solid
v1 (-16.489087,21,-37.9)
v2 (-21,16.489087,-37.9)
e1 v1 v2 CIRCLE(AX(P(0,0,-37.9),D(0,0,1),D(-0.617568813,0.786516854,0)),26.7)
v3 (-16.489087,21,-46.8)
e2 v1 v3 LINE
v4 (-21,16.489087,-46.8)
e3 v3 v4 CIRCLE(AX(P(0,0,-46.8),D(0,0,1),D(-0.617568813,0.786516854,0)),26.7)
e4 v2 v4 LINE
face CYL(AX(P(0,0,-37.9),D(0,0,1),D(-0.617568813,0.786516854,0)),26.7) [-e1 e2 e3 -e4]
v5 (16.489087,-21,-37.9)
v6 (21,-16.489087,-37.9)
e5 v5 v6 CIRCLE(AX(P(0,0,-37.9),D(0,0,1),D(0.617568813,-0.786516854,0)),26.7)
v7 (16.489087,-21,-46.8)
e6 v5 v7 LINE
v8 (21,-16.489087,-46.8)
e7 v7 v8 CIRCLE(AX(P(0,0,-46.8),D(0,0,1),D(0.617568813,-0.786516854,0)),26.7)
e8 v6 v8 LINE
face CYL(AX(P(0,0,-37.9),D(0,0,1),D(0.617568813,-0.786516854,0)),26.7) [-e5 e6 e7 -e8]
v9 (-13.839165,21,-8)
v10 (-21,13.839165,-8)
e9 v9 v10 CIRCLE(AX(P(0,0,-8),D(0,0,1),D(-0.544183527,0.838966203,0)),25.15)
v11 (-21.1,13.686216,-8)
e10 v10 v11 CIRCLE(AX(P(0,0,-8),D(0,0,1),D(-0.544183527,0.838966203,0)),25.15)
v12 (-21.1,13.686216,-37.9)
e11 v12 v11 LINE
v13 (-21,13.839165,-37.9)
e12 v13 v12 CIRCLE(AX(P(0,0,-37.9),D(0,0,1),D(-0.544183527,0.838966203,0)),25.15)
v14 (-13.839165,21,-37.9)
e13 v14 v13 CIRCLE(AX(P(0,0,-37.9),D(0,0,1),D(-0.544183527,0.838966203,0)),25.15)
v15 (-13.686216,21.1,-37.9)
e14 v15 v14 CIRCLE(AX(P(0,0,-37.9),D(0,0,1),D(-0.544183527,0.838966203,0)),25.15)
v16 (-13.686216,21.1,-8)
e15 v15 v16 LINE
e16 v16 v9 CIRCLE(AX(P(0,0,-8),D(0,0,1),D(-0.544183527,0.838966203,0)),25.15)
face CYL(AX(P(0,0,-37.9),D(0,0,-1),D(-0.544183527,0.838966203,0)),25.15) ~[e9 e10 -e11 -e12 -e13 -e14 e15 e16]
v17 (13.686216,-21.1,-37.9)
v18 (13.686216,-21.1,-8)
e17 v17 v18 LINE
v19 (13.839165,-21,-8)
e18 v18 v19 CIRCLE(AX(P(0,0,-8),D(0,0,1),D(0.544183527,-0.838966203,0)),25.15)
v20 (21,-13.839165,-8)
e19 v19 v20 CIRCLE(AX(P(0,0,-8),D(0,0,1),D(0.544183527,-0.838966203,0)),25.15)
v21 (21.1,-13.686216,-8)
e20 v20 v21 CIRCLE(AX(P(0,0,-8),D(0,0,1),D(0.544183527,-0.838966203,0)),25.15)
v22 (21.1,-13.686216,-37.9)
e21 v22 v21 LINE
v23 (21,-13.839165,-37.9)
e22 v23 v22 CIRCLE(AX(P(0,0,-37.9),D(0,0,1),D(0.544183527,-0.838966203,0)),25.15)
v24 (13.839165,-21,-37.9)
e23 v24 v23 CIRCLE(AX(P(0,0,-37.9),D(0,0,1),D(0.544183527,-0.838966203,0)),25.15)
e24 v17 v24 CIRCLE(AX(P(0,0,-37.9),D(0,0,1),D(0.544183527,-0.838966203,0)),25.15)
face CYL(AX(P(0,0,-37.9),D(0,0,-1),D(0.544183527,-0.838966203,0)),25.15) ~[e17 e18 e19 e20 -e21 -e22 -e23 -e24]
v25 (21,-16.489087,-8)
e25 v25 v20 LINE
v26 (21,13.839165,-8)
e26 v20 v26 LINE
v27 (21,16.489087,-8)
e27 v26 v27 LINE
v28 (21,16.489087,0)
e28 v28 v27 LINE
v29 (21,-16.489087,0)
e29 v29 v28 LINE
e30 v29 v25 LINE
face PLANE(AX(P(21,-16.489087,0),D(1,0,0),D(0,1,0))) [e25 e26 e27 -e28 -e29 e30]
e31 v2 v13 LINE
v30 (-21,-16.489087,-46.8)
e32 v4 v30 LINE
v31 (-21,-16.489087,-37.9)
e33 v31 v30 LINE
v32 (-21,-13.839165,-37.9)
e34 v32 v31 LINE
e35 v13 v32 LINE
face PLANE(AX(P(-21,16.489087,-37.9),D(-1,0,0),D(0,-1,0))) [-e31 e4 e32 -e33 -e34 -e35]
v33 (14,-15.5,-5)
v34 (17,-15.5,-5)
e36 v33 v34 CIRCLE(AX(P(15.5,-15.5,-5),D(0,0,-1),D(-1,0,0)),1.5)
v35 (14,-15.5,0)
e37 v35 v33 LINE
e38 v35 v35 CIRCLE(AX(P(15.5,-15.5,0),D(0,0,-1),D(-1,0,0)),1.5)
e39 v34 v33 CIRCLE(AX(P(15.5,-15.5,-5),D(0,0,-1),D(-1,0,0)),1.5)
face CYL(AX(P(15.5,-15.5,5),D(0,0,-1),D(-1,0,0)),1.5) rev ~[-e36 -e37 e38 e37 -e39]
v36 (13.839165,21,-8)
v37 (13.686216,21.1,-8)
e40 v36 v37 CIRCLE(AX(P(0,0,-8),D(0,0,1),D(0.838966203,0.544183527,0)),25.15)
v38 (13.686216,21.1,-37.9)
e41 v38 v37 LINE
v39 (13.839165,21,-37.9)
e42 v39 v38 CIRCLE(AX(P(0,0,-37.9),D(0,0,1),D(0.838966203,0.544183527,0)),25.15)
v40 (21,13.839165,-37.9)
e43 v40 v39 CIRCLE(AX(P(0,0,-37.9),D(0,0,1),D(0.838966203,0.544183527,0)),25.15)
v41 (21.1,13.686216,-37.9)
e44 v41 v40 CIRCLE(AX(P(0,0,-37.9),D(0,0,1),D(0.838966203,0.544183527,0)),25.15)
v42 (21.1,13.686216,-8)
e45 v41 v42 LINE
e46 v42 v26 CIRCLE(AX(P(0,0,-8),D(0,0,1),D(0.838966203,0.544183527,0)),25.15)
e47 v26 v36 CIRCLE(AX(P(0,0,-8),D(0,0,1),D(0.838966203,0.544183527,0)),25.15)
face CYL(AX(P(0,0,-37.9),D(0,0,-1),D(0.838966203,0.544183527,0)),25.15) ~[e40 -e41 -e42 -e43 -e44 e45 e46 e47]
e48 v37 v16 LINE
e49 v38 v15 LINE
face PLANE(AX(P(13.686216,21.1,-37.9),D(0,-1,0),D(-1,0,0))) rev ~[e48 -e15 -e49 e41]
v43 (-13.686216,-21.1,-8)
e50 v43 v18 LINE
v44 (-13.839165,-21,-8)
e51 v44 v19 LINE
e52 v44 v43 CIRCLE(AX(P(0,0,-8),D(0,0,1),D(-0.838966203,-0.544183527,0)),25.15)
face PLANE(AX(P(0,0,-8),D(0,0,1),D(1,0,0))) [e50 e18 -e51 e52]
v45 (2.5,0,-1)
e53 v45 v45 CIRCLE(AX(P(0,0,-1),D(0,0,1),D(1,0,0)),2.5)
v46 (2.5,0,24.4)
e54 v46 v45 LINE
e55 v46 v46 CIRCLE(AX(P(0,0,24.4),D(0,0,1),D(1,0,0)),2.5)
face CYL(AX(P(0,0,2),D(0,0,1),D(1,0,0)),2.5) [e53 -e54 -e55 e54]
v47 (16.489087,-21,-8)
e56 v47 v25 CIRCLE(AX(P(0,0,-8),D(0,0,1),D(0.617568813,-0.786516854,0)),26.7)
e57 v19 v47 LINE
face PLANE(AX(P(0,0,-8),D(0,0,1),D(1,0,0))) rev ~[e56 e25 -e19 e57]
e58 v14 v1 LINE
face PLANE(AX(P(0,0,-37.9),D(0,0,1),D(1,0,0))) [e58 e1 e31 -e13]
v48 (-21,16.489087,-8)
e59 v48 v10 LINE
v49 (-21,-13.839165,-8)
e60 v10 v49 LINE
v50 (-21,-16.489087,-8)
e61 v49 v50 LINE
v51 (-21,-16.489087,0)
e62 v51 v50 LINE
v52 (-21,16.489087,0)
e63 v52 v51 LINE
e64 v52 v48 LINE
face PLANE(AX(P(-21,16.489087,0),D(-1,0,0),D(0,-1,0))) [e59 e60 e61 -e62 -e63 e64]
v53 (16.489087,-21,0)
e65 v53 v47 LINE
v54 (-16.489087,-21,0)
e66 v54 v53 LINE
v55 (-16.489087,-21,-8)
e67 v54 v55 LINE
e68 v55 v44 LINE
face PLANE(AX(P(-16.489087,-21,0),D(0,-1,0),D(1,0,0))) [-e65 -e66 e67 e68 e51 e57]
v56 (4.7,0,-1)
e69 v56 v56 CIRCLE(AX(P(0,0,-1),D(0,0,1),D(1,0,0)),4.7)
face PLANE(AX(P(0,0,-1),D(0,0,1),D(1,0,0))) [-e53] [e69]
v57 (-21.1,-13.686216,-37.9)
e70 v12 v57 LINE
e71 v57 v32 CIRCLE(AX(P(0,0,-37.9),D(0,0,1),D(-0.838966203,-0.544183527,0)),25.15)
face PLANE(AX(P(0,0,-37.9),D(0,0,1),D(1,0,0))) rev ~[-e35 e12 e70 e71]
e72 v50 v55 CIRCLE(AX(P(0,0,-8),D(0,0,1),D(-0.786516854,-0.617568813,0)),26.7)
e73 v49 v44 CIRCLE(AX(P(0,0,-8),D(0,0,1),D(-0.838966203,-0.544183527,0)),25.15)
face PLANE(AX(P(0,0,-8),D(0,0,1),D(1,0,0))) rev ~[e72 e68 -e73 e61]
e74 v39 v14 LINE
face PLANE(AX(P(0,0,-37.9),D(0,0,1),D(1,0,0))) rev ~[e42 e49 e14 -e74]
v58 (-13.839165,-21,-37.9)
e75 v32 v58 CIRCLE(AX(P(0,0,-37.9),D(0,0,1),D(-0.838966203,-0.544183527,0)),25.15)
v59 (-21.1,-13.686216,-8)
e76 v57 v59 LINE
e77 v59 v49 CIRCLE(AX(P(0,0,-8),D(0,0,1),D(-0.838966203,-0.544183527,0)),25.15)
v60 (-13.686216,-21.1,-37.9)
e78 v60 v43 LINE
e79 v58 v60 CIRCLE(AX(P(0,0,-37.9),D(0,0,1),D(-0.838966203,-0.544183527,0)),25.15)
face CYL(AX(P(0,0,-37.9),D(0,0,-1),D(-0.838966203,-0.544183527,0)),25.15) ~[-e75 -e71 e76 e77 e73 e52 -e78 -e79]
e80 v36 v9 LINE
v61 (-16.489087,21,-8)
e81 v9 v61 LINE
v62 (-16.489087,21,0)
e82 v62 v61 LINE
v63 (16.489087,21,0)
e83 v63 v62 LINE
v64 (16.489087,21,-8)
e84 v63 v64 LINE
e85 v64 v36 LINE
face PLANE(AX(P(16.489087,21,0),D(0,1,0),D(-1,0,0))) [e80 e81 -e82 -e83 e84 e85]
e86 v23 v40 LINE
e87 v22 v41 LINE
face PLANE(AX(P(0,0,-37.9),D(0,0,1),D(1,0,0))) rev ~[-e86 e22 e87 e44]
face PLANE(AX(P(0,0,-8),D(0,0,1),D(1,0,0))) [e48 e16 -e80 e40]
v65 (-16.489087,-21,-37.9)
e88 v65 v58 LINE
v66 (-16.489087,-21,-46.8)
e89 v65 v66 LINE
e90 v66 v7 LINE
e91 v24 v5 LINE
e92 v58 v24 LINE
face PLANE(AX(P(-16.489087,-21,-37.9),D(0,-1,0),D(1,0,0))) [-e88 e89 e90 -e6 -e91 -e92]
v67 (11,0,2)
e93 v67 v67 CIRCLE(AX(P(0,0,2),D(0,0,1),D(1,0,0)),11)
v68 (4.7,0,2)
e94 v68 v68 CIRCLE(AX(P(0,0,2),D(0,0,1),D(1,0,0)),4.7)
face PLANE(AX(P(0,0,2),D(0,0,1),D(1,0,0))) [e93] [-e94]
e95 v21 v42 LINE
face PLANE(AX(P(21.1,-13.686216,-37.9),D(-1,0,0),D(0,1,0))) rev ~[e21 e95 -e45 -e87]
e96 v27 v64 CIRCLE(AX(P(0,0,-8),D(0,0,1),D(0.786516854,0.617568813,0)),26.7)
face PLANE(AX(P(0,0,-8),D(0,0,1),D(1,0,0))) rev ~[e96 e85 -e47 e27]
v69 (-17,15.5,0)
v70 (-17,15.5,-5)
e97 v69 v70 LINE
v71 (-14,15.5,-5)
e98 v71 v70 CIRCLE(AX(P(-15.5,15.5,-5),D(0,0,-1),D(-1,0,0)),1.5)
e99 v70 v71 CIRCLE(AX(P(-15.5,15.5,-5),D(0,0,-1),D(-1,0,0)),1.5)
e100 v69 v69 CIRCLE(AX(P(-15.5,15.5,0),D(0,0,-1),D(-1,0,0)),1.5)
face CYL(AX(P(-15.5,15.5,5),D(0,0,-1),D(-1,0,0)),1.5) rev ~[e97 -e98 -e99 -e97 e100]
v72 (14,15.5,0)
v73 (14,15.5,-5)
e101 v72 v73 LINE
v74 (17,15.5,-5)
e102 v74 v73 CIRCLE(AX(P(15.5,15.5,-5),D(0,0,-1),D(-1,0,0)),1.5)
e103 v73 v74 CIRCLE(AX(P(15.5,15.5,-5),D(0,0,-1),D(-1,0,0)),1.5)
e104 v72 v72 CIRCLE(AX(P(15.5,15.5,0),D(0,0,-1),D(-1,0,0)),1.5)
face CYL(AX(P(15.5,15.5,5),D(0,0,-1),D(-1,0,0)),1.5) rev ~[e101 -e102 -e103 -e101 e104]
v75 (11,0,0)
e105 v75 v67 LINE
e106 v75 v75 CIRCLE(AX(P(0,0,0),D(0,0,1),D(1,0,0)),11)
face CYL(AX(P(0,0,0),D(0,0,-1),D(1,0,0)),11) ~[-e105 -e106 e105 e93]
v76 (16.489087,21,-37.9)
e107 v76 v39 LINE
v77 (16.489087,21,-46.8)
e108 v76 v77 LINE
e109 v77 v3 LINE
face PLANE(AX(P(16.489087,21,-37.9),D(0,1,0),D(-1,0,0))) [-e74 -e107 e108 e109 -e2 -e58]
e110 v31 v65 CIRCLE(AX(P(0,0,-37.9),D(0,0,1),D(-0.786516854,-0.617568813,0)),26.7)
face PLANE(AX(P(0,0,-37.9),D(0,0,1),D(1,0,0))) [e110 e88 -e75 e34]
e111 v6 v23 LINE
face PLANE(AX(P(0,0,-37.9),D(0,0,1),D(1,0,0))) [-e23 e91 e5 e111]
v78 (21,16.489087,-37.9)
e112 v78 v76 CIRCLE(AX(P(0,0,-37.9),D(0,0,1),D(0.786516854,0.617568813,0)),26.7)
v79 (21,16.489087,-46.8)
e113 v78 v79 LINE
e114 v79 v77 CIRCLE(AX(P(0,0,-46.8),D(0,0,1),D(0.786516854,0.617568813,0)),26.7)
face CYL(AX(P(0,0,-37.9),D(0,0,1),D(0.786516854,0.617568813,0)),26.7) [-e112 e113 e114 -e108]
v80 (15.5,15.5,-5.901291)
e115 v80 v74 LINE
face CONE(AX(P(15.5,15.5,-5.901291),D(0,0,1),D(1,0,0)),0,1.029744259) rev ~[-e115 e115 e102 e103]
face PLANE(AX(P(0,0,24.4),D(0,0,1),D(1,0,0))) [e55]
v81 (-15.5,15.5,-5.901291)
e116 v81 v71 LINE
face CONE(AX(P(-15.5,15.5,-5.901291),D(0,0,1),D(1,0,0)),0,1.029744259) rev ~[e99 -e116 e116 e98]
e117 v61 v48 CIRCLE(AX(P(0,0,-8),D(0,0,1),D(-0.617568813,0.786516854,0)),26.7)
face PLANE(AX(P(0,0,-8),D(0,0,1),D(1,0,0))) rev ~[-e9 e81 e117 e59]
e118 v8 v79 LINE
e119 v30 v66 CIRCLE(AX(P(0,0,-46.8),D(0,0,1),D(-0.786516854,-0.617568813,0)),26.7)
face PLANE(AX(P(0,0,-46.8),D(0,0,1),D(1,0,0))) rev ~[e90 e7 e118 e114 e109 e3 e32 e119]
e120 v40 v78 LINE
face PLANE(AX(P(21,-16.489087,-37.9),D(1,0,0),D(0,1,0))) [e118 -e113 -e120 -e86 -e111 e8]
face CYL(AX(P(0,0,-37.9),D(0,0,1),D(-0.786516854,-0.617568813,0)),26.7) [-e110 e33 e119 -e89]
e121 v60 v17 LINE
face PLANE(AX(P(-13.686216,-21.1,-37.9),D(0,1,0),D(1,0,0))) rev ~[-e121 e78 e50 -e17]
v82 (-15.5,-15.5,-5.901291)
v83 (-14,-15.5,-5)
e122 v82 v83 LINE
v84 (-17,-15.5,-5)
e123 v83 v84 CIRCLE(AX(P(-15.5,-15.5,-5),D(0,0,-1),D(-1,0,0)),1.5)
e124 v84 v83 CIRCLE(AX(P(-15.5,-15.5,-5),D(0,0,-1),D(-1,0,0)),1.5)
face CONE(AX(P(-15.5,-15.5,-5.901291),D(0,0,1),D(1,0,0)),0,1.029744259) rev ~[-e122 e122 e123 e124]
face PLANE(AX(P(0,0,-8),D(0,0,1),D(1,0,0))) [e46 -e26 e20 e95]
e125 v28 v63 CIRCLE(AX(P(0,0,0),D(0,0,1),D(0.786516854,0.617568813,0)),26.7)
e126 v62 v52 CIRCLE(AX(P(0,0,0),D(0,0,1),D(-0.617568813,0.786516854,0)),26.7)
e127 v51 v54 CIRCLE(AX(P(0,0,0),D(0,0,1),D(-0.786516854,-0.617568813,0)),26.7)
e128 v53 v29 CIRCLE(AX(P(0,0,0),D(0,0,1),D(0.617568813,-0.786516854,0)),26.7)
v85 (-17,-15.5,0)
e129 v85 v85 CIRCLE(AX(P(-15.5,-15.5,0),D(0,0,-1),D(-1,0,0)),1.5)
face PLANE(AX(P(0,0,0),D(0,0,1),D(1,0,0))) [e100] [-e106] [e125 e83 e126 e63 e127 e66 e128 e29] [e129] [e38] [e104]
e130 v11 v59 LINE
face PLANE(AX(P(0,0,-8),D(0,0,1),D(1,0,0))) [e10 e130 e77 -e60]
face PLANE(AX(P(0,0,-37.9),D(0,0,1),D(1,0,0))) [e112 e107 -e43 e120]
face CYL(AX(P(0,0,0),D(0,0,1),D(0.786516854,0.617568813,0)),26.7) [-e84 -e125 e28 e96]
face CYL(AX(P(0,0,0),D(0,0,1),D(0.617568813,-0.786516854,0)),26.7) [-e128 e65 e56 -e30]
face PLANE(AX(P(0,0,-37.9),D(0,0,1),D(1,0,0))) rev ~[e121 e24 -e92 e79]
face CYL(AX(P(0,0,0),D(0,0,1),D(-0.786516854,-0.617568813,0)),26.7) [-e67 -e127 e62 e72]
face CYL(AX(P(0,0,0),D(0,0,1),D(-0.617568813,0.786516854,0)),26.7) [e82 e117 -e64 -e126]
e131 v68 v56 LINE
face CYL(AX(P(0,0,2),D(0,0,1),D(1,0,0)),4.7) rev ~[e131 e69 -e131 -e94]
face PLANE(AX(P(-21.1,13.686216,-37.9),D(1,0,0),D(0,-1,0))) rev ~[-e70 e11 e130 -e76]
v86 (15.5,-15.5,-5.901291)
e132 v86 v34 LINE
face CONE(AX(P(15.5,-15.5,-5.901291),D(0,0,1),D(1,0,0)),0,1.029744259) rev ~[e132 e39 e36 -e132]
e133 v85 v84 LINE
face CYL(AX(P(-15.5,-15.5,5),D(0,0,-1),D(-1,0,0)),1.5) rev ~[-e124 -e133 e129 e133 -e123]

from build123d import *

# Parameters (mm, degrees)
F3_DEPTH       = 8
F6_DEPTH       = 29.9
F8_DEPTH       = 8.9
F9_R           = 11
F9_R_2         = 4.7
F10_DEPTH      = 2
F11_R          = 2.5
F12_DEPTH      = 22.4
F12_DEPTH_BACK = 10
F11_R_2        = 4.7
F13_DEPTH      = 3
F15_D          = 3
F15_DEPTH      = 5
F15_TIP        = 0.9012909285


with BuildPart() as f3:
    # F1 (on Top) → F3 (new body, through all)
    with BuildSketch(Plane.XY):
        with BuildLine():
            ThreePointArc((21, 16.4890873004), (18.8797510577, 18.8797510577), (16.4890873004, 21))
            Line((16.4890873004, 21), (-16.4890873004, 21))
            ThreePointArc((-16.4890873004, 21), (-18.8797510577, 18.8797510577), (-21, 16.4890873004))
            Line((-21, 16.4890873004), (-21, -16.4890873004))
            ThreePointArc((-21, -16.4890873004), (-18.8797510577, -18.8797510577), (-16.4890873004, -21))
            Line((-16.4890873004, -21), (16.4890873004, -21))
            ThreePointArc((16.4890873004, -21), (18.8797510577, -18.8797510577), (21, -16.4890873004))
            Line((21, -16.4890873004), (21, 16.4890873004))
        make_face()
    extrude(amount=-F3_DEPTH)

    # F5 (on offset) → F6 (join, through all)
    with BuildSketch(Plane.XY.offset(-37.9)):
        with BuildLine():
            ThreePointArc((-21.1, -13.6862156932), (-17.7837355468, -17.7837355468), (-13.6862156932, -21.1))
            Line((-13.6862156932, -21.1), (13.6862156932, -21.1))
            ThreePointArc((13.6862156932, -21.1), (17.7837355468, -17.7837355468), (21.1, -13.6862156932))
            Line((21.1, -13.6862156932), (21.1, 13.6862156932))
            ThreePointArc((21.1, 13.6862156932), (17.7837355468, 17.7837355468), (13.6862156932, 21.1))
            Line((13.6862156932, 21.1), (-13.6862156932, 21.1))
            ThreePointArc((-13.6862156932, 21.1), (-17.7837355468, 17.7837355468), (-21.1, 13.6862156932))
            Line((-21.1, 13.6862156932), (-21.1, -13.6862156932))
        make_face()
    extrude(amount=F6_DEPTH)

    # F7 (on offset) → F8 (join)
    with BuildSketch(Plane.XY.offset(-37.9)):
        with BuildLine():
            ThreePointArc((21, 16.4890873004), (18.8797510577, 18.8797510577), (16.4890873004, 21))
            Line((16.4890873004, 21), (-16.4890873004, 21))
            ThreePointArc((-16.4890873004, 21), (-18.8797510577, 18.8797510577), (-21, 16.4890873004))
            Line((-21, 16.4890873004), (-21, -16.4890873004))
            ThreePointArc((-21, -16.4890873004), (-18.8797510577, -18.8797510577), (-16.4890873004, -21))
            Line((-16.4890873004, -21), (16.4890873004, -21))
            ThreePointArc((16.4890873004, -21), (18.8797510577, -18.8797510577), (21, -16.4890873004))
            Line((21, -16.4890873004), (21, 16.4890873004))
        make_face()
    extrude(amount=-F8_DEPTH)

    # F9 (on Top) → F10 (join)
    with BuildSketch(Plane.XY):
        Circle(F9_R)
        Circle(F9_R_2, mode=Mode.SUBTRACT)
    extrude(amount=F10_DEPTH)

    # F11 (on face) → F12 (join, two sides)
    with BuildSketch(Plane.XY.offset(2)) as f12_sk:
        Circle(F11_R)
    extrude(amount=F12_DEPTH)
    extrude(f12_sk.sketch, amount=-F12_DEPTH_BACK)

    # F11 (on face) → F13 (cut)
    with BuildSketch(Plane.XY.offset(2)):
        Circle(F11_R_2)
        Circle(F11_R, mode=Mode.SUBTRACT)
    extrude(amount=-F13_DEPTH, mode=Mode.SUBTRACT)

    # F15
    with Locations(Plane.XY):
        with Locations((-15.5, 15.5), (15.5, 15.5), (15.5, -15.5), (-15.5, -15.5)):
            Hole(F15_D / 2, depth=F15_DEPTH)
            with Locations((0, 0, -(F15_DEPTH + F15_TIP / 2))):  # 118° drill point
                Cone(0, F15_D / 2, F15_TIP, mode=Mode.SUBTRACT)


solid = f3.part
